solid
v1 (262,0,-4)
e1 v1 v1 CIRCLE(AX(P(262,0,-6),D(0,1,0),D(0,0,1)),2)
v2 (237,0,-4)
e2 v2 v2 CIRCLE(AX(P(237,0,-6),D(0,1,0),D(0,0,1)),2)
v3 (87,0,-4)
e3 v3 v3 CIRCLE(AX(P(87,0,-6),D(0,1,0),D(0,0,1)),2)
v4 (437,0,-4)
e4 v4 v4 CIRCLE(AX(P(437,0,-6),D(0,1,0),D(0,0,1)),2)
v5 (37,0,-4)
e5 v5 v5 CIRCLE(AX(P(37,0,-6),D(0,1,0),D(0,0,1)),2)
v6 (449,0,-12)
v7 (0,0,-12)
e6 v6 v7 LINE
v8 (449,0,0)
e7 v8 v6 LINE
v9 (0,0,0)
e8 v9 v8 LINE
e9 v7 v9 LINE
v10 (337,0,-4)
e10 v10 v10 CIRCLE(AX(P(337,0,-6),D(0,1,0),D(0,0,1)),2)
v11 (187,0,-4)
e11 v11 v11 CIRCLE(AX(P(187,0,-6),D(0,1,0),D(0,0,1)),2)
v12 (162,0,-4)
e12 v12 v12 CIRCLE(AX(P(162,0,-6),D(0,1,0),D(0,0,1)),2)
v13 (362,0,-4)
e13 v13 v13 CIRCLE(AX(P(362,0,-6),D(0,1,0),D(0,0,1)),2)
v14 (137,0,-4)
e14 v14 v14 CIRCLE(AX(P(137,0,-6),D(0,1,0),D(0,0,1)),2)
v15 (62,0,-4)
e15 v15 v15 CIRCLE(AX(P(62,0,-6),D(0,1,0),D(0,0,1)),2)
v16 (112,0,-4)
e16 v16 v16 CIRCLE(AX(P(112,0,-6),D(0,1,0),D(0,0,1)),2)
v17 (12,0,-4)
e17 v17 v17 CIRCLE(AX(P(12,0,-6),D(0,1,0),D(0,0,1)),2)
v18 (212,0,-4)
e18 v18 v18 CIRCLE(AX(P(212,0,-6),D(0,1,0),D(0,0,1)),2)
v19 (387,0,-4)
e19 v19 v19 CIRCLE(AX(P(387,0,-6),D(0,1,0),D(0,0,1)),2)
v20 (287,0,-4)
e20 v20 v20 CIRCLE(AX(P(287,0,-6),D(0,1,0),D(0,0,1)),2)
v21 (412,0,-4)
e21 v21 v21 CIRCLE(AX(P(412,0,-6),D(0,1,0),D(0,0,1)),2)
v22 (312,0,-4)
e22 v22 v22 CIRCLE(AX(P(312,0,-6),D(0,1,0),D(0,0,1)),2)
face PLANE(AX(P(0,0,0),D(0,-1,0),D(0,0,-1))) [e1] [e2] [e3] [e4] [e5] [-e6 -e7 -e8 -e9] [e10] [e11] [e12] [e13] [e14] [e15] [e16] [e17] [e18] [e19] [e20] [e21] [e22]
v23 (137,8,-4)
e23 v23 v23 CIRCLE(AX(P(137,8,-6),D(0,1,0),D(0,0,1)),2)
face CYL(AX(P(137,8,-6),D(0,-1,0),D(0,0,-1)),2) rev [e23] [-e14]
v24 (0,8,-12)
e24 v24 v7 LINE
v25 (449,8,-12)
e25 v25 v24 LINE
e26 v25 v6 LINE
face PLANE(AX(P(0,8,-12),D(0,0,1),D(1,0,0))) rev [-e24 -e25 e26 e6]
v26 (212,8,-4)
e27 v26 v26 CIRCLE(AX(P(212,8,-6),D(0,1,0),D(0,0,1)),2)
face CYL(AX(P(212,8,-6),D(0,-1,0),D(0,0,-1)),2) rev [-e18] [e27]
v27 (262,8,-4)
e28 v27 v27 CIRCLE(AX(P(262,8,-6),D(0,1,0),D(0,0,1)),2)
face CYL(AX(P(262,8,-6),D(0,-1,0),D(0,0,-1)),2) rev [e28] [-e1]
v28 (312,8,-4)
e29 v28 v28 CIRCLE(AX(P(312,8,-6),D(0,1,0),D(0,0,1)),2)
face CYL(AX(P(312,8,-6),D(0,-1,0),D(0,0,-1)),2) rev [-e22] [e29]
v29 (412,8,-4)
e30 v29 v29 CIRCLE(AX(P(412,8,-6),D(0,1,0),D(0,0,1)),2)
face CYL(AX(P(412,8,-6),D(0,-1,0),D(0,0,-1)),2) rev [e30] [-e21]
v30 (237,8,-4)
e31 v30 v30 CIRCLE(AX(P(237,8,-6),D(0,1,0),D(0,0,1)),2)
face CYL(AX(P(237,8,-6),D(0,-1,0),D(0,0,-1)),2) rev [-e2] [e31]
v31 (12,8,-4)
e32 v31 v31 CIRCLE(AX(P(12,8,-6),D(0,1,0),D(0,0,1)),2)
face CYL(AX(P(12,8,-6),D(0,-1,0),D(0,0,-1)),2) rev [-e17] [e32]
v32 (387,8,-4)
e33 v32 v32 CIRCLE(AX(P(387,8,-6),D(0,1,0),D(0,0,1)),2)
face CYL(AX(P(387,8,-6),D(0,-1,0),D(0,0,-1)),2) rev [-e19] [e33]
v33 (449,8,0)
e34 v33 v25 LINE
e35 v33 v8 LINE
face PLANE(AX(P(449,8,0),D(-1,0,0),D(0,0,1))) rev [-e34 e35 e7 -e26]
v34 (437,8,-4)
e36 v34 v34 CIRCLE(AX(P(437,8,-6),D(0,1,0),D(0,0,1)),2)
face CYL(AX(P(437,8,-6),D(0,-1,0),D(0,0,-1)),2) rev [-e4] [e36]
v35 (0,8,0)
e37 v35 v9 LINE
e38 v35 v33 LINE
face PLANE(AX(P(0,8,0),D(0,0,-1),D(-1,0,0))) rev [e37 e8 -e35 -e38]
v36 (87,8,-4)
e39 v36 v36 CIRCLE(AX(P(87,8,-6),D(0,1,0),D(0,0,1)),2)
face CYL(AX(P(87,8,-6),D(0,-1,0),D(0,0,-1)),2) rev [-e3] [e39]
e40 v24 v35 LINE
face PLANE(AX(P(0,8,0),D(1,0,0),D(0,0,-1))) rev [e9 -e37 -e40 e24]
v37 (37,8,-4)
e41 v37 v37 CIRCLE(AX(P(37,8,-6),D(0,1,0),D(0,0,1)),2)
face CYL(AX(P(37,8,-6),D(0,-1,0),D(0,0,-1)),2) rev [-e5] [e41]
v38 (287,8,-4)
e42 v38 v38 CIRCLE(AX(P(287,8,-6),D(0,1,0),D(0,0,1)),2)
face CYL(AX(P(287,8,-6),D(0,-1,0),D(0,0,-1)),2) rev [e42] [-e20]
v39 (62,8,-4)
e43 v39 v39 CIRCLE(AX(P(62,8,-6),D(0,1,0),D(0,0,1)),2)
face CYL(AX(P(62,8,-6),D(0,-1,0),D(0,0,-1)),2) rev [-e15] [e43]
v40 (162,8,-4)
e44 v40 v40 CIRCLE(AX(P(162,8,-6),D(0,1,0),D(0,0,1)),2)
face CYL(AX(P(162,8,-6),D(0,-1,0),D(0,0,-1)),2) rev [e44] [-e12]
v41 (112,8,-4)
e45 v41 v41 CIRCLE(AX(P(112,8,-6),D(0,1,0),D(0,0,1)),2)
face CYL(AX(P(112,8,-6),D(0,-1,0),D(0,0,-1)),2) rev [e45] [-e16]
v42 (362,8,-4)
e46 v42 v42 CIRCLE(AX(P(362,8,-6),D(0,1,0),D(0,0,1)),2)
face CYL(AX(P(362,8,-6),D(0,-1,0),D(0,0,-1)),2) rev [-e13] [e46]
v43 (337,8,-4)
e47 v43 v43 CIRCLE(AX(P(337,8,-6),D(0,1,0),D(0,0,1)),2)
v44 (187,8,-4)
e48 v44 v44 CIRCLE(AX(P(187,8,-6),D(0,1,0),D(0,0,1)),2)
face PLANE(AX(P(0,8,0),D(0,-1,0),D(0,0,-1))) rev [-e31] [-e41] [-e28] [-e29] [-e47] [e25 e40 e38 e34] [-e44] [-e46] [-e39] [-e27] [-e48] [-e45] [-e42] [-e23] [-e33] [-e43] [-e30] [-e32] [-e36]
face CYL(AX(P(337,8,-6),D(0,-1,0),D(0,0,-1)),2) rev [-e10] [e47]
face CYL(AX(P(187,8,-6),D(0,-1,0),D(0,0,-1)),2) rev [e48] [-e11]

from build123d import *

# Parameters (mm, degrees)
SKETCH1_W           = 449
SKETCH1_H           = 12
SKETCH1_R           = 2
BOSS_EXTRUDE1_DEPTH = 8


with BuildPart() as part:
    # Sketch1 → Boss-Extrude1 (new body)
    with BuildSketch(Plane(origin=(0, 0, 0), x_dir=(1, 0, 0), z_dir=(0, 1, 0))):
        with Locations((224.5, 6)):
            Rectangle(SKETCH1_W, SKETCH1_H)
        with Locations(Location((12, 6, 0), (0, 0, 270))):
            Circle(SKETCH1_R, mode=Mode.SUBTRACT)
        with Locations(Location((37, 6, 0), (0, 0, 270))):
            Circle(SKETCH1_R, mode=Mode.SUBTRACT)
        with Locations(Location((62, 6, 0), (0, 0, 270))):
            Circle(SKETCH1_R, mode=Mode.SUBTRACT)
        with Locations(Location((87, 6, 0), (0, 0, 270))):
            Circle(SKETCH1_R, mode=Mode.SUBTRACT)
        with Locations(Location((112, 6, 0), (0, 0, 270))):
            Circle(SKETCH1_R, mode=Mode.SUBTRACT)
        with Locations(Location((137, 6, 0), (0, 0, 270))):
            Circle(SKETCH1_R, mode=Mode.SUBTRACT)
        with Locations(Location((162, 6, 0), (0, 0, 270))):
            Circle(SKETCH1_R, mode=Mode.SUBTRACT)
        with Locations(Location((187, 6, 0), (0, 0, 270))):
            Circle(SKETCH1_R, mode=Mode.SUBTRACT)
        with Locations(Location((212, 6, 0), (0, 0, 270))):
            Circle(SKETCH1_R, mode=Mode.SUBTRACT)
        with Locations(Location((237, 6, 0), (0, 0, 270))):
            Circle(SKETCH1_R, mode=Mode.SUBTRACT)
        with Locations(Location((262, 6, 0), (0, 0, 270))):
            Circle(SKETCH1_R, mode=Mode.SUBTRACT)
        with Locations(Location((287, 6, 0), (0, 0, 270))):
            Circle(SKETCH1_R, mode=Mode.SUBTRACT)
        with Locations(Location((312, 6, 0), (0, 0, 270))):
            Circle(SKETCH1_R, mode=Mode.SUBTRACT)
        with Locations(Location((337, 6, 0), (0, 0, 270))):
            Circle(SKETCH1_R, mode=Mode.SUBTRACT)
        with Locations(Location((362, 6, 0), (0, 0, 270))):
            Circle(SKETCH1_R, mode=Mode.SUBTRACT)
        with Locations(Location((387, 6, 0), (0, 0, 270))):
            Circle(SKETCH1_R, mode=Mode.SUBTRACT)
        with Locations(Location((412, 6, 0), (0, 0, 270))):
            Circle(SKETCH1_R, mode=Mode.SUBTRACT)
        with Locations(Location((437, 6, 0), (0, 0, 270))):
            Circle(SKETCH1_R, mode=Mode.SUBTRACT)
    extrude(amount=BOSS_EXTRUDE1_DEPTH)


solid = part.part
